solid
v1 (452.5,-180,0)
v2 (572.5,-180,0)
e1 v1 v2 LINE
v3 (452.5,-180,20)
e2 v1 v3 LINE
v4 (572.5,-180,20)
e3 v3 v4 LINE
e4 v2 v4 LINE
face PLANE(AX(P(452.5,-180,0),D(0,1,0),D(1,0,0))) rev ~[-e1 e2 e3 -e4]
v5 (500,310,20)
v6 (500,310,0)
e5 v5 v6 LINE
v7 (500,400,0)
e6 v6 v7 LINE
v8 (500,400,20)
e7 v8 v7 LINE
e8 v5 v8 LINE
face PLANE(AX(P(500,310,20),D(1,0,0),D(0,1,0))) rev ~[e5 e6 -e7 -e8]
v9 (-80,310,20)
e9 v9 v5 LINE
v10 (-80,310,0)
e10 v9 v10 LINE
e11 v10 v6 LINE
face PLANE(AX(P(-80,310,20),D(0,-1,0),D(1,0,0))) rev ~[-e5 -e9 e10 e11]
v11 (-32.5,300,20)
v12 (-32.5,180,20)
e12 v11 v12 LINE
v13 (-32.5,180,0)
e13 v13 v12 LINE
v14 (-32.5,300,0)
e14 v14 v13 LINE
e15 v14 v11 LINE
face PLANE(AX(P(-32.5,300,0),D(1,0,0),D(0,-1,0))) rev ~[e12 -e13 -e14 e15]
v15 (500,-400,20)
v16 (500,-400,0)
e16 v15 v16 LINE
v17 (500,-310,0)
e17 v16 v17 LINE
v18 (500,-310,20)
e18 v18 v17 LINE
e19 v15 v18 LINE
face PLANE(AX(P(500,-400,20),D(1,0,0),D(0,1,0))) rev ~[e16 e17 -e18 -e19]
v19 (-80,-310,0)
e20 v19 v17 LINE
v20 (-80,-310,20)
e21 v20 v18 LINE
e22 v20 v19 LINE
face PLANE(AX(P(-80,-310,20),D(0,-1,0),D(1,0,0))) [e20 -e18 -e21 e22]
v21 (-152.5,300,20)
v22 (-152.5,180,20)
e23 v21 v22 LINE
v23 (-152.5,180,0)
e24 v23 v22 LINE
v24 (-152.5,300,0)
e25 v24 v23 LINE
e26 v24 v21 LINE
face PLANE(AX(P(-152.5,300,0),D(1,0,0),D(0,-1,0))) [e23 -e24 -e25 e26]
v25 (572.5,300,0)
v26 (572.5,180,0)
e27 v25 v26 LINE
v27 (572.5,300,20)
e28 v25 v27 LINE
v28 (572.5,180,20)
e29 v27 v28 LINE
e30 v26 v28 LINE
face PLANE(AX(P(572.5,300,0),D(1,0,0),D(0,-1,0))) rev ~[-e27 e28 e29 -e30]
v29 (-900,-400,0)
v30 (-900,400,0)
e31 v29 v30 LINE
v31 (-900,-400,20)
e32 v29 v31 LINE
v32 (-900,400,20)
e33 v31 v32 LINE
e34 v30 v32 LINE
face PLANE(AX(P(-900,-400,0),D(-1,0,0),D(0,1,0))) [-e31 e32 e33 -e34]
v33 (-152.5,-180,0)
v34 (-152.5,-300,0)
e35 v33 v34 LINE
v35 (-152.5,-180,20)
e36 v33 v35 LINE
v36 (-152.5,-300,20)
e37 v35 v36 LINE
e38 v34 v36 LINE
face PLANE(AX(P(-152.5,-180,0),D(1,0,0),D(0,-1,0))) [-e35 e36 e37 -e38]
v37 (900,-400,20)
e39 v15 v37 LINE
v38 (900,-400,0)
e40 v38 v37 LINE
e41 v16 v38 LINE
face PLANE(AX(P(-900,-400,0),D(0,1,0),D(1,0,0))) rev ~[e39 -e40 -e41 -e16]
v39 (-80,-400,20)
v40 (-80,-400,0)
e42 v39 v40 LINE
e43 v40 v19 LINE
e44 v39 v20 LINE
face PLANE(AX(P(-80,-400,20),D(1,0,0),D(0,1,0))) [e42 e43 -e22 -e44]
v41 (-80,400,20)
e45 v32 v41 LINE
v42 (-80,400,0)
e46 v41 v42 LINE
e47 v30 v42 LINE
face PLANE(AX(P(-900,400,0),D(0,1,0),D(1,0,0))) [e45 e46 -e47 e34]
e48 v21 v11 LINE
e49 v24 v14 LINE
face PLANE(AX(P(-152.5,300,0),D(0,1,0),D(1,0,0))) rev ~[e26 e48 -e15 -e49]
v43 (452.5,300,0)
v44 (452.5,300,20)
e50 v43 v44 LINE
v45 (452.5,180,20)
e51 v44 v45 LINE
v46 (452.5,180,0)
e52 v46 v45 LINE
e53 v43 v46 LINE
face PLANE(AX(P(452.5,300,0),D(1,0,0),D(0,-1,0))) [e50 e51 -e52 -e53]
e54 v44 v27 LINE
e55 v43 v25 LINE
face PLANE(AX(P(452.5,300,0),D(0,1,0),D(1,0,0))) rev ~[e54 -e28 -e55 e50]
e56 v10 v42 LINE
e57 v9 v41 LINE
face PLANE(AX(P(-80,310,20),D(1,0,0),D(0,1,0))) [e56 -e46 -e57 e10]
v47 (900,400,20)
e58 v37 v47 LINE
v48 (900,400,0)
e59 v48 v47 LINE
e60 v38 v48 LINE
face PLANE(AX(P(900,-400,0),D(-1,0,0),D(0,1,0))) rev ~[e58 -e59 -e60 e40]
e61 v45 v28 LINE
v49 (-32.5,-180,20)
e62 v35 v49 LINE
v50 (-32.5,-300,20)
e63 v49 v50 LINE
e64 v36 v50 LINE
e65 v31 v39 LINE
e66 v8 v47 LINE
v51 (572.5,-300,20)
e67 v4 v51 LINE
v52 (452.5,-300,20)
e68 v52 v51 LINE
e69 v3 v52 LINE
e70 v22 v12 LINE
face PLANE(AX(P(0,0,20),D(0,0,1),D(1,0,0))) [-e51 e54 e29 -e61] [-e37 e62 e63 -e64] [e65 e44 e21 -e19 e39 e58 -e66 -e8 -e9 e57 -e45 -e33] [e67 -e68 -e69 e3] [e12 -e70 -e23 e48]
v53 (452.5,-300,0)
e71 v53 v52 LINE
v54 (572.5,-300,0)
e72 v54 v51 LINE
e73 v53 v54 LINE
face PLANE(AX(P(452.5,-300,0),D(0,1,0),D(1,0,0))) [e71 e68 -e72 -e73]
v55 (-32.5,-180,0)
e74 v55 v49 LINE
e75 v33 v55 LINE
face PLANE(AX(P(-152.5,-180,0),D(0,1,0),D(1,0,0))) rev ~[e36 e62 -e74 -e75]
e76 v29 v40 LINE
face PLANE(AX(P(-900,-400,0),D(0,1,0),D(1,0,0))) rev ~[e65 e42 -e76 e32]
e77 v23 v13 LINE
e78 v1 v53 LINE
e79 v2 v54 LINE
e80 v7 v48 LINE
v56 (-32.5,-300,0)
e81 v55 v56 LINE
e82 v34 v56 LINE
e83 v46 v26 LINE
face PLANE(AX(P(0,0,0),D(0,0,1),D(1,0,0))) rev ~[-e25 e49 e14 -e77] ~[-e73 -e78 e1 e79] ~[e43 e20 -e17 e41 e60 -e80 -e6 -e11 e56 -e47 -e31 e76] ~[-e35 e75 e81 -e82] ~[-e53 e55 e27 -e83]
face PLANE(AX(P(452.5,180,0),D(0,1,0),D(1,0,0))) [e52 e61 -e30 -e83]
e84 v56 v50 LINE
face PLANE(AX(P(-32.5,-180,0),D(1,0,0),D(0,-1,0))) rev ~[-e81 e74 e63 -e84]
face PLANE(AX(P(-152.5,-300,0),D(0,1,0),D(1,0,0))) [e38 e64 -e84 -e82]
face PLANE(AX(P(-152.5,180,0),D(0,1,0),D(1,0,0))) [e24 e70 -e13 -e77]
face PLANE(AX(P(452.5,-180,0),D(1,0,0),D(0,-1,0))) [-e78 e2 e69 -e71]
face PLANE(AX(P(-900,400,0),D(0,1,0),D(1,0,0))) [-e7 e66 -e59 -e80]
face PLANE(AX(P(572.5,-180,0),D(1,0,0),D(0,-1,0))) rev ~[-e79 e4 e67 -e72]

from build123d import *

# Parameters (mm, degrees)
SKETCH_W        = 1800
SKETCH_H        = 800
PAD_DEPTH       = 20
SKETCH001_W     = 580
SKETCH001_H     = 90
POCKET_DEPTH    = 20
SKETCH002_W     = 120
SKETCH002_H     = 120
POCKET001_DEPTH = 20


with BuildPart() as part:
    # Sketch → Pad (new body)
    with BuildSketch(Plane.XY):
        Rectangle(SKETCH_W, SKETCH_H)
    extrude(amount=PAD_DEPTH)

    # Sketch001 (on Face6 of Pad) → Pocket (cut)
    with BuildSketch(Plane.XY.offset(20)):
        with Locations((210, -355)):
            Rectangle(SKETCH001_W, SKETCH001_H)
        with Locations((210, 355)):
            Rectangle(SKETCH001_W, SKETCH001_H)
    extrude(amount=-POCKET_DEPTH, mode=Mode.SUBTRACT)

    # Sketch002 (on Face4 of Pocket) → Pocket001 (cut)
    with BuildSketch(Plane(origin=(0, 0, 0), x_dir=(1, 0, 0), z_dir=(0, 0, -1))):
        with Locations((-92.5, 240)):
            Rectangle(SKETCH002_W, SKETCH002_H)
        with Locations((512.5, 240)):
            Rectangle(SKETCH002_W, SKETCH002_H)
        with Locations((-92.5, -240)):
            Rectangle(SKETCH002_W, SKETCH002_H)
        with Locations((512.5, -240)):
            Rectangle(SKETCH002_W, SKETCH002_H)
    extrude(amount=-POCKET001_DEPTH, mode=Mode.SUBTRACT)


solid = part.part
